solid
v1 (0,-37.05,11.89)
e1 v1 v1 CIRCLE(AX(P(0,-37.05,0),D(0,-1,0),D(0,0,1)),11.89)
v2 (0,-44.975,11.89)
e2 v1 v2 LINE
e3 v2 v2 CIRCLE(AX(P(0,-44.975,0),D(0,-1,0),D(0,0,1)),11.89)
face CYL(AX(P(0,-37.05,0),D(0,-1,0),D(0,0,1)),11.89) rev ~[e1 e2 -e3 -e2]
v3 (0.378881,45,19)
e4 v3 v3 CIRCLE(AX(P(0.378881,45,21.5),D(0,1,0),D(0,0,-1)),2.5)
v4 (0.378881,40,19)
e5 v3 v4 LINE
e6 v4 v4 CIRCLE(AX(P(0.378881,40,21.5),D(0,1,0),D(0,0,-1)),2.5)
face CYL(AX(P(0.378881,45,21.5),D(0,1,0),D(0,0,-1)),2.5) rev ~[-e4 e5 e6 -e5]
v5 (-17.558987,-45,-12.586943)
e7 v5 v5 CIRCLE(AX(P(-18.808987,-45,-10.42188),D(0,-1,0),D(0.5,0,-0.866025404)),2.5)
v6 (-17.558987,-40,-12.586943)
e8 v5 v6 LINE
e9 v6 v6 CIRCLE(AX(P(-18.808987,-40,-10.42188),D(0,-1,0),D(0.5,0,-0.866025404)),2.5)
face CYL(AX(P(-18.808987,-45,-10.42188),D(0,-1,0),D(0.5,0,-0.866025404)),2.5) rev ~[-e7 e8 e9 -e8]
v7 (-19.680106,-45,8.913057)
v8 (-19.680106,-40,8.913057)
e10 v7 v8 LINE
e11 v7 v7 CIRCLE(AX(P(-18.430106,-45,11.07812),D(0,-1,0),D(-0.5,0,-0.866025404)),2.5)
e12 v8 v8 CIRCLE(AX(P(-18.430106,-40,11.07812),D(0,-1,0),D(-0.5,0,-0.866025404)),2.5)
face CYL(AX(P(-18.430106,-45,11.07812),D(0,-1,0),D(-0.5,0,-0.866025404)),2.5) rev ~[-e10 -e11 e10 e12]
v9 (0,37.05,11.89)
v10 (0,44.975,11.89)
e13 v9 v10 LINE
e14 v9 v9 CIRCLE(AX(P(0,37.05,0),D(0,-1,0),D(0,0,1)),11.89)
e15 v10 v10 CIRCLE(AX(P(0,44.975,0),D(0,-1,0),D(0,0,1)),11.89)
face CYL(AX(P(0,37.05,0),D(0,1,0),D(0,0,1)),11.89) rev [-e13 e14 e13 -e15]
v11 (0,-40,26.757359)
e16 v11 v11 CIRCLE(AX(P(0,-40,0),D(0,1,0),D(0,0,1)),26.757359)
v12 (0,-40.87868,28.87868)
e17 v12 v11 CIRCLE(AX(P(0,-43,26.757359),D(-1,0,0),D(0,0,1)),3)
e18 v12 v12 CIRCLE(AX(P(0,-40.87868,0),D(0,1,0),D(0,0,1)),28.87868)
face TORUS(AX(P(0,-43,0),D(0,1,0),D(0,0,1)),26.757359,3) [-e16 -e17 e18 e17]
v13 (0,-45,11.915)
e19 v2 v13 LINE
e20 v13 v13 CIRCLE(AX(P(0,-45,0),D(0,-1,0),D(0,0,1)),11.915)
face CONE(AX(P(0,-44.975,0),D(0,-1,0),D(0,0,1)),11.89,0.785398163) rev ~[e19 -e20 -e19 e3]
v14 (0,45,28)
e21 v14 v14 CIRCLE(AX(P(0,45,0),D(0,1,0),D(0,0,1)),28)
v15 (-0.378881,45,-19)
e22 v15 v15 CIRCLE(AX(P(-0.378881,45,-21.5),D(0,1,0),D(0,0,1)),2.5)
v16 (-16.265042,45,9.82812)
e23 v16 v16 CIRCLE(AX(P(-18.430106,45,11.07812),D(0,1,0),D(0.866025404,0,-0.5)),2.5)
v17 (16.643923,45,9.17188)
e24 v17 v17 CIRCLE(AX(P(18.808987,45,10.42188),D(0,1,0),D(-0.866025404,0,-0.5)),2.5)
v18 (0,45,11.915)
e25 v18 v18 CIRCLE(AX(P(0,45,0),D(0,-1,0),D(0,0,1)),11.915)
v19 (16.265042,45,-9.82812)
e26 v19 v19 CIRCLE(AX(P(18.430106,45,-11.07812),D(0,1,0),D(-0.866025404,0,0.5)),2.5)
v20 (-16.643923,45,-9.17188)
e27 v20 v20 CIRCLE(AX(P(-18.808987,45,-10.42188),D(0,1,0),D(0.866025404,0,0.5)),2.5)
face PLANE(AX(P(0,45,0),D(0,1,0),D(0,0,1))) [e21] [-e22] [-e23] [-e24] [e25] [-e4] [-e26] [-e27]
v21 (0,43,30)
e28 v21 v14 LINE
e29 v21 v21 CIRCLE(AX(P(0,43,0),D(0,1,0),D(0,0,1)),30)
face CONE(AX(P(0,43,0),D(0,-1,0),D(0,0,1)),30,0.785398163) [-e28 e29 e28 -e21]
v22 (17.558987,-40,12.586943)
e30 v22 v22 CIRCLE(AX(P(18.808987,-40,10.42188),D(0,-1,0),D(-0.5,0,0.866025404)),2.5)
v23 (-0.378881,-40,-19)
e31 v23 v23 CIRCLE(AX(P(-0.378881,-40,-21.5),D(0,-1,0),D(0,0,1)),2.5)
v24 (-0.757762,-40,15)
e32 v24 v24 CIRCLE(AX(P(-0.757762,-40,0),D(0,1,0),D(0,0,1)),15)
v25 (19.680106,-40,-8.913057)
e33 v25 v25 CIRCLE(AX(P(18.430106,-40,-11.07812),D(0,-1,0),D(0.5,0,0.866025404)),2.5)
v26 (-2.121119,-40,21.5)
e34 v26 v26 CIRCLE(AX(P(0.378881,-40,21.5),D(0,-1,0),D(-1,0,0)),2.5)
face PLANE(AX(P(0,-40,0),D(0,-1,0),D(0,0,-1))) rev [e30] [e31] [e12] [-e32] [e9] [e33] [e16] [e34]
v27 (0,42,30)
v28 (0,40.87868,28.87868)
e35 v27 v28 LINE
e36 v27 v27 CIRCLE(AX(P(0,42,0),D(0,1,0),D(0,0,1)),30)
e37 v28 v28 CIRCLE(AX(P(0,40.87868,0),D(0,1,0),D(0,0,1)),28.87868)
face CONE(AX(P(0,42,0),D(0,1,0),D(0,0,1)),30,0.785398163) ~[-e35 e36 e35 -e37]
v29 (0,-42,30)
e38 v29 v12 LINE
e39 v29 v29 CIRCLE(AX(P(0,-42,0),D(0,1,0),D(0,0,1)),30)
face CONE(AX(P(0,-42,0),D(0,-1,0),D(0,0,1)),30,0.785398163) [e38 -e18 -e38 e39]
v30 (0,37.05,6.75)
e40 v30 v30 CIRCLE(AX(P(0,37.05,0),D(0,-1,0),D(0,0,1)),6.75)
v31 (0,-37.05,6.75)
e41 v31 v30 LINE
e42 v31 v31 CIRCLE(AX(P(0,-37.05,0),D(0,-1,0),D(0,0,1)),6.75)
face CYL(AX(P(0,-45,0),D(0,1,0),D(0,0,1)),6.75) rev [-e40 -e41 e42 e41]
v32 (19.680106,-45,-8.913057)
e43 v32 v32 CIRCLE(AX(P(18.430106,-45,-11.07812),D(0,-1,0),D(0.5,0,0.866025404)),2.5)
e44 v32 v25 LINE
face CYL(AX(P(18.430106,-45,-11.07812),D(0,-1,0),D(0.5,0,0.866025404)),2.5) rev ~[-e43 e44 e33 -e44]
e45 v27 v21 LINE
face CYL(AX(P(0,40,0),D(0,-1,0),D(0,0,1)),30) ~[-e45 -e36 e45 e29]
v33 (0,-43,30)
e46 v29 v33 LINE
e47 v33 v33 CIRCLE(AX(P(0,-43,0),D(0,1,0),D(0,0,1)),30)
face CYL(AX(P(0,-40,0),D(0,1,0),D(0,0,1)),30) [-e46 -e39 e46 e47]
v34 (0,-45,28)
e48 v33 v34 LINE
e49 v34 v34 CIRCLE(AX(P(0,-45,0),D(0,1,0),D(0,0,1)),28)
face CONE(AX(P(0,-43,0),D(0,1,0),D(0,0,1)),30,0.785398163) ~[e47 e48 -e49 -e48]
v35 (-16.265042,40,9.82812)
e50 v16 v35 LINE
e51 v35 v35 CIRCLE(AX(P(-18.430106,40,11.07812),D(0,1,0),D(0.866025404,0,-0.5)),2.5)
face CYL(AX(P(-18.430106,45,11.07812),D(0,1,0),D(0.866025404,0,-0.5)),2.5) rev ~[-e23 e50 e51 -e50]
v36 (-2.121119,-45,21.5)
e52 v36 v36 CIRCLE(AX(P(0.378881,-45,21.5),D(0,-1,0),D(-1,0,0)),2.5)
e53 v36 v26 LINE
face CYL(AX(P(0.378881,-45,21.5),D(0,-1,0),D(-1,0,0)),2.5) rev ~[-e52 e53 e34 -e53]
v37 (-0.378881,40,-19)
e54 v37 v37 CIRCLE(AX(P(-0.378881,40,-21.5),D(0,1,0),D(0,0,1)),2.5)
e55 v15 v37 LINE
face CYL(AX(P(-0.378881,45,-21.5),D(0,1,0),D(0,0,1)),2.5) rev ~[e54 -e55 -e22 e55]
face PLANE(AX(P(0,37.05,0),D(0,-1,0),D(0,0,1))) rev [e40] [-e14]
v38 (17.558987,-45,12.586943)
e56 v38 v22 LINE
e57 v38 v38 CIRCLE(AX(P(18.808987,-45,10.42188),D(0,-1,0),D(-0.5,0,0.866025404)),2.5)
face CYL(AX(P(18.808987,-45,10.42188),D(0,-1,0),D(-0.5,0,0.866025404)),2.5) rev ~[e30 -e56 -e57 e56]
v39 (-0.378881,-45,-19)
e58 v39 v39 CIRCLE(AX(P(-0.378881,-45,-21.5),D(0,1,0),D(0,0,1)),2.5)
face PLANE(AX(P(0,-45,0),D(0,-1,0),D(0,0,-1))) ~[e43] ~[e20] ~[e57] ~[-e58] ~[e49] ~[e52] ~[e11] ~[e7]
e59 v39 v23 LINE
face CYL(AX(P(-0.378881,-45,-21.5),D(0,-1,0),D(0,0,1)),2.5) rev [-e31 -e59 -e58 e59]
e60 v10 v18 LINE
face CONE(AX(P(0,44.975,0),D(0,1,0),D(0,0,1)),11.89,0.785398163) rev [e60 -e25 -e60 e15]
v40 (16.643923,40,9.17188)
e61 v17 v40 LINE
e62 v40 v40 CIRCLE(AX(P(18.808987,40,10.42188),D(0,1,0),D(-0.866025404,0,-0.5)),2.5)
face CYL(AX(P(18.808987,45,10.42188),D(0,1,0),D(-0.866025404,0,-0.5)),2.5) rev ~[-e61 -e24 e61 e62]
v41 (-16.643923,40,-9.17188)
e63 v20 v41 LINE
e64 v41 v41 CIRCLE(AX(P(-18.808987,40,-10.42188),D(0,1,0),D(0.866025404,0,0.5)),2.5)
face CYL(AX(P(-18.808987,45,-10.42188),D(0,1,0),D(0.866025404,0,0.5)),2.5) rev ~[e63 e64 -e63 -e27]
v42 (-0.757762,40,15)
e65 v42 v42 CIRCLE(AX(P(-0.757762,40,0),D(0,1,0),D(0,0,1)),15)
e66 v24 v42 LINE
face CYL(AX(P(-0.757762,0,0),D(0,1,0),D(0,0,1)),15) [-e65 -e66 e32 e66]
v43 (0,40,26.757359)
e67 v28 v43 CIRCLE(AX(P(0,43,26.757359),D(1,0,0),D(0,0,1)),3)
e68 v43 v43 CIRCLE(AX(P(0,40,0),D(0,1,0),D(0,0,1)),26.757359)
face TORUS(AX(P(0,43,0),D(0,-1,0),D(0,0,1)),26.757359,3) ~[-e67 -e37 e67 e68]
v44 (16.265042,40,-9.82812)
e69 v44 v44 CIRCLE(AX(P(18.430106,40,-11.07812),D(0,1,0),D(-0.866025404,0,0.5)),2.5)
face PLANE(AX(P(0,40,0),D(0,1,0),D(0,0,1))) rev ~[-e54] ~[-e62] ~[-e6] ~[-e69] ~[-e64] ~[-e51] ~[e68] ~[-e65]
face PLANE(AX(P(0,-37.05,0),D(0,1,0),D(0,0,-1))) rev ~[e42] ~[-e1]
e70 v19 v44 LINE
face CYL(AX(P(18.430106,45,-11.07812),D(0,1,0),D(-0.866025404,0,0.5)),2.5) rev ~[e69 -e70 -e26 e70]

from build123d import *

# Parameters (mm, degrees)
SKETCH1_R                = 15
BOSS_EXTRUDE1_DEPTH      = 40
SKETCH2_R                = 30
BOSS_EXTRUDE2_DEPTH      = 5
CHAMFER1_SIZE            = 2
FILLET1_R                = 3
SKETCH3_R                = 2.5
CUT_EXTRUDE1_DEPTH       = 96
CIRPATTERN2_COUNT        = 6
MIRROR1_COPY_1_SKETCH_R  = 2.5
MIRROR1_COPY_1_DEPTH     = 96
MIRROR1_COPY_2_SKETCH_R  = 2.5
MIRROR1_COPY_2_DEPTH     = 96
MIRROR1_COPY_3_SKETCH_R  = 2.5
MIRROR1_COPY_3_DEPTH     = 96
MIRROR1_COPY_4_SKETCH_R  = 2.5
MIRROR1_COPY_4_DEPTH     = 96
MIRROR1_COPY_5_SKETCH_R  = 2.5
MIRROR1_COPY_5_DEPTH     = 96
CHAMFER1_OF_MIRROR1_SIZE = 2
FILLET1_OF_MIRROR1_R     = 3


with BuildPart() as part:
    # Sketch1 → Boss-Extrude1 (new, symmetric)
    with BuildSketch(Plane(origin=(0, 0, 0), x_dir=(1, 0, 0), z_dir=(0, 1, 0))):
        with Locations(Location((-0.757761668, 0, 0), (0, 0, 270))):
            Circle(SKETCH1_R)
    extrude(amount=BOSS_EXTRUDE1_DEPTH, both=True)

    # Sketch2 → Boss-Extrude2 (add)
    with BuildSketch(Plane(origin=(0, 40, 0), x_dir=(1, 0, 0), z_dir=(0, 1, 0))):
        with Locations(Location((0, 0, 0), (0, 0, 270))):
            Circle(SKETCH2_R)
    boss_extrude2 = extrude(amount=BOSS_EXTRUDE2_DEPTH)

    # Chamfer1
    chamfer1_edges = [part.edges().sort_by_distance(p)[0] for p in [
        (0, 40, -30),
        (0, 45, -30),
    ]]
    chamfer(chamfer1_edges, length=CHAMFER1_SIZE)

    # Fillet1
    fillet1_edges = [part.edges().sort_by_distance(p)[0] for p in [
        (0, 40, -28),
    ]]
    fillet(fillet1_edges, radius=FILLET1_R)

    # Sketch3 → Cut-Extrude1 (cut, through all)
    with BuildSketch(Plane(origin=(0, 45, 0), x_dir=(1, 0, 0), z_dir=(0, 1, 0))):
        with Locations(Location((-0.378880834, 21.5, 0), (0, 0, 270))):
            Circle(SKETCH3_R)
    cut_extrude1 = extrude(amount=-CUT_EXTRUDE1_DEPTH, mode=Mode.SUBTRACT)

    # CirPattern2: Cut-Extrude1 ×6 about axis
    cirpattern2_axis = Axis((0, 0, 0), (0, 1, 0))
    for i in range(1, CIRPATTERN2_COUNT):
        add(cut_extrude1.rotate(cirpattern2_axis, i * 360 / CIRPATTERN2_COUNT), mode=Mode.SUBTRACT)

    # Sketch5 → CBORE for M12 Hex Head Bolt1 (revolve, cut)
    with BuildSketch(Plane(origin=(0, 45, 0), x_dir=(0, 0, 1), z_dir=(1, 0, 0))):
        Polygon((0, 0), (0, 90), (6.75, 90), (6.75, 7.95), (11.89, 7.95), (11.89, 0.025), (11.915, 0), align=None)
    cbore_for_m12_hex_head_bolt1 = revolve(axis=Axis((0, 51.35, 0), (0, -1, 0)), mode=Mode.SUBTRACT)

    # Mirror1: Boss-Extrude2, Cut-Extrude1, CBORE for M12 Hex Head Bolt1 across plane
    add(boss_extrude2.mirror(Plane.ZX))
    add(cut_extrude1.mirror(Plane.ZX), mode=Mode.SUBTRACT)
    add(cbore_for_m12_hex_head_bolt1.mirror(Plane.ZX), mode=Mode.SUBTRACT)

    # Mirror1 copy 1 sketch → Mirror1 copy 1 (cut, through all)
    with BuildSketch(Plane(origin=(0, -45, 0), x_dir=(0.5000000000000001, 0, -0.8660254037844386), z_dir=(0, -1, 0))):
        with Locations((-0.378880834, -21.5)):
            Circle(MIRROR1_COPY_1_SKETCH_R)
    extrude(amount=-MIRROR1_COPY_1_DEPTH, mode=Mode.SUBTRACT)

    # Mirror1 copy 2 sketch → Mirror1 copy 2 (cut, through all)
    with BuildSketch(Plane(origin=(0, -45, 0), x_dir=(-0.4999999999999998, 0, -0.8660254037844387), z_dir=(0, -1, 0))):
        with Locations((-0.378880834, -21.5)):
            Circle(MIRROR1_COPY_2_SKETCH_R)
    extrude(amount=-MIRROR1_COPY_2_DEPTH, mode=Mode.SUBTRACT)

    # Mirror1 copy 3 sketch → Mirror1 copy 3 (cut, through all)
    with BuildSketch(Plane(origin=(0, -45, 0), x_dir=(-1, 0, 0), z_dir=(0, -1, 0))):
        with Locations((-0.378880834, -21.5)):
            Circle(MIRROR1_COPY_3_SKETCH_R)
    extrude(amount=-MIRROR1_COPY_3_DEPTH, mode=Mode.SUBTRACT)

    # Mirror1 copy 4 sketch → Mirror1 copy 4 (cut, through all)
    with BuildSketch(Plane(origin=(0, -45, 0), x_dir=(-0.5000000000000004, 0, 0.8660254037844384), z_dir=(0, -1, 0))):
        with Locations((-0.378880834, -21.5)):
            Circle(MIRROR1_COPY_4_SKETCH_R)
    extrude(amount=-MIRROR1_COPY_4_DEPTH, mode=Mode.SUBTRACT)

    # Mirror1 copy 5 sketch → Mirror1 copy 5 (cut, through all)
    with BuildSketch(Plane(origin=(0, -45, 0), x_dir=(0.5000000000000001, 0, 0.8660254037844386), z_dir=(0, -1, 0))):
        with Locations((-0.378880834, -21.5)):
            Circle(MIRROR1_COPY_5_SKETCH_R)
    extrude(amount=-MIRROR1_COPY_5_DEPTH, mode=Mode.SUBTRACT)

    # Chamfer1 of Mirror1
    chamfer1_of_mirror1_edges = [part.edges().sort_by_distance(p)[0] for p in [
        (0, -40, -30),
        (0, -45, -30),
    ]]
    chamfer(chamfer1_of_mirror1_edges, length=CHAMFER1_OF_MIRROR1_SIZE)

    # Fillet1 of Mirror1
    fillet1_of_mirror1_edges = [part.edges().sort_by_distance(p)[0] for p in [
        (0, -40, -28),
    ]]
    fillet(fillet1_of_mirror1_edges, radius=FILLET1_OF_MIRROR1_R)


solid = part.part
